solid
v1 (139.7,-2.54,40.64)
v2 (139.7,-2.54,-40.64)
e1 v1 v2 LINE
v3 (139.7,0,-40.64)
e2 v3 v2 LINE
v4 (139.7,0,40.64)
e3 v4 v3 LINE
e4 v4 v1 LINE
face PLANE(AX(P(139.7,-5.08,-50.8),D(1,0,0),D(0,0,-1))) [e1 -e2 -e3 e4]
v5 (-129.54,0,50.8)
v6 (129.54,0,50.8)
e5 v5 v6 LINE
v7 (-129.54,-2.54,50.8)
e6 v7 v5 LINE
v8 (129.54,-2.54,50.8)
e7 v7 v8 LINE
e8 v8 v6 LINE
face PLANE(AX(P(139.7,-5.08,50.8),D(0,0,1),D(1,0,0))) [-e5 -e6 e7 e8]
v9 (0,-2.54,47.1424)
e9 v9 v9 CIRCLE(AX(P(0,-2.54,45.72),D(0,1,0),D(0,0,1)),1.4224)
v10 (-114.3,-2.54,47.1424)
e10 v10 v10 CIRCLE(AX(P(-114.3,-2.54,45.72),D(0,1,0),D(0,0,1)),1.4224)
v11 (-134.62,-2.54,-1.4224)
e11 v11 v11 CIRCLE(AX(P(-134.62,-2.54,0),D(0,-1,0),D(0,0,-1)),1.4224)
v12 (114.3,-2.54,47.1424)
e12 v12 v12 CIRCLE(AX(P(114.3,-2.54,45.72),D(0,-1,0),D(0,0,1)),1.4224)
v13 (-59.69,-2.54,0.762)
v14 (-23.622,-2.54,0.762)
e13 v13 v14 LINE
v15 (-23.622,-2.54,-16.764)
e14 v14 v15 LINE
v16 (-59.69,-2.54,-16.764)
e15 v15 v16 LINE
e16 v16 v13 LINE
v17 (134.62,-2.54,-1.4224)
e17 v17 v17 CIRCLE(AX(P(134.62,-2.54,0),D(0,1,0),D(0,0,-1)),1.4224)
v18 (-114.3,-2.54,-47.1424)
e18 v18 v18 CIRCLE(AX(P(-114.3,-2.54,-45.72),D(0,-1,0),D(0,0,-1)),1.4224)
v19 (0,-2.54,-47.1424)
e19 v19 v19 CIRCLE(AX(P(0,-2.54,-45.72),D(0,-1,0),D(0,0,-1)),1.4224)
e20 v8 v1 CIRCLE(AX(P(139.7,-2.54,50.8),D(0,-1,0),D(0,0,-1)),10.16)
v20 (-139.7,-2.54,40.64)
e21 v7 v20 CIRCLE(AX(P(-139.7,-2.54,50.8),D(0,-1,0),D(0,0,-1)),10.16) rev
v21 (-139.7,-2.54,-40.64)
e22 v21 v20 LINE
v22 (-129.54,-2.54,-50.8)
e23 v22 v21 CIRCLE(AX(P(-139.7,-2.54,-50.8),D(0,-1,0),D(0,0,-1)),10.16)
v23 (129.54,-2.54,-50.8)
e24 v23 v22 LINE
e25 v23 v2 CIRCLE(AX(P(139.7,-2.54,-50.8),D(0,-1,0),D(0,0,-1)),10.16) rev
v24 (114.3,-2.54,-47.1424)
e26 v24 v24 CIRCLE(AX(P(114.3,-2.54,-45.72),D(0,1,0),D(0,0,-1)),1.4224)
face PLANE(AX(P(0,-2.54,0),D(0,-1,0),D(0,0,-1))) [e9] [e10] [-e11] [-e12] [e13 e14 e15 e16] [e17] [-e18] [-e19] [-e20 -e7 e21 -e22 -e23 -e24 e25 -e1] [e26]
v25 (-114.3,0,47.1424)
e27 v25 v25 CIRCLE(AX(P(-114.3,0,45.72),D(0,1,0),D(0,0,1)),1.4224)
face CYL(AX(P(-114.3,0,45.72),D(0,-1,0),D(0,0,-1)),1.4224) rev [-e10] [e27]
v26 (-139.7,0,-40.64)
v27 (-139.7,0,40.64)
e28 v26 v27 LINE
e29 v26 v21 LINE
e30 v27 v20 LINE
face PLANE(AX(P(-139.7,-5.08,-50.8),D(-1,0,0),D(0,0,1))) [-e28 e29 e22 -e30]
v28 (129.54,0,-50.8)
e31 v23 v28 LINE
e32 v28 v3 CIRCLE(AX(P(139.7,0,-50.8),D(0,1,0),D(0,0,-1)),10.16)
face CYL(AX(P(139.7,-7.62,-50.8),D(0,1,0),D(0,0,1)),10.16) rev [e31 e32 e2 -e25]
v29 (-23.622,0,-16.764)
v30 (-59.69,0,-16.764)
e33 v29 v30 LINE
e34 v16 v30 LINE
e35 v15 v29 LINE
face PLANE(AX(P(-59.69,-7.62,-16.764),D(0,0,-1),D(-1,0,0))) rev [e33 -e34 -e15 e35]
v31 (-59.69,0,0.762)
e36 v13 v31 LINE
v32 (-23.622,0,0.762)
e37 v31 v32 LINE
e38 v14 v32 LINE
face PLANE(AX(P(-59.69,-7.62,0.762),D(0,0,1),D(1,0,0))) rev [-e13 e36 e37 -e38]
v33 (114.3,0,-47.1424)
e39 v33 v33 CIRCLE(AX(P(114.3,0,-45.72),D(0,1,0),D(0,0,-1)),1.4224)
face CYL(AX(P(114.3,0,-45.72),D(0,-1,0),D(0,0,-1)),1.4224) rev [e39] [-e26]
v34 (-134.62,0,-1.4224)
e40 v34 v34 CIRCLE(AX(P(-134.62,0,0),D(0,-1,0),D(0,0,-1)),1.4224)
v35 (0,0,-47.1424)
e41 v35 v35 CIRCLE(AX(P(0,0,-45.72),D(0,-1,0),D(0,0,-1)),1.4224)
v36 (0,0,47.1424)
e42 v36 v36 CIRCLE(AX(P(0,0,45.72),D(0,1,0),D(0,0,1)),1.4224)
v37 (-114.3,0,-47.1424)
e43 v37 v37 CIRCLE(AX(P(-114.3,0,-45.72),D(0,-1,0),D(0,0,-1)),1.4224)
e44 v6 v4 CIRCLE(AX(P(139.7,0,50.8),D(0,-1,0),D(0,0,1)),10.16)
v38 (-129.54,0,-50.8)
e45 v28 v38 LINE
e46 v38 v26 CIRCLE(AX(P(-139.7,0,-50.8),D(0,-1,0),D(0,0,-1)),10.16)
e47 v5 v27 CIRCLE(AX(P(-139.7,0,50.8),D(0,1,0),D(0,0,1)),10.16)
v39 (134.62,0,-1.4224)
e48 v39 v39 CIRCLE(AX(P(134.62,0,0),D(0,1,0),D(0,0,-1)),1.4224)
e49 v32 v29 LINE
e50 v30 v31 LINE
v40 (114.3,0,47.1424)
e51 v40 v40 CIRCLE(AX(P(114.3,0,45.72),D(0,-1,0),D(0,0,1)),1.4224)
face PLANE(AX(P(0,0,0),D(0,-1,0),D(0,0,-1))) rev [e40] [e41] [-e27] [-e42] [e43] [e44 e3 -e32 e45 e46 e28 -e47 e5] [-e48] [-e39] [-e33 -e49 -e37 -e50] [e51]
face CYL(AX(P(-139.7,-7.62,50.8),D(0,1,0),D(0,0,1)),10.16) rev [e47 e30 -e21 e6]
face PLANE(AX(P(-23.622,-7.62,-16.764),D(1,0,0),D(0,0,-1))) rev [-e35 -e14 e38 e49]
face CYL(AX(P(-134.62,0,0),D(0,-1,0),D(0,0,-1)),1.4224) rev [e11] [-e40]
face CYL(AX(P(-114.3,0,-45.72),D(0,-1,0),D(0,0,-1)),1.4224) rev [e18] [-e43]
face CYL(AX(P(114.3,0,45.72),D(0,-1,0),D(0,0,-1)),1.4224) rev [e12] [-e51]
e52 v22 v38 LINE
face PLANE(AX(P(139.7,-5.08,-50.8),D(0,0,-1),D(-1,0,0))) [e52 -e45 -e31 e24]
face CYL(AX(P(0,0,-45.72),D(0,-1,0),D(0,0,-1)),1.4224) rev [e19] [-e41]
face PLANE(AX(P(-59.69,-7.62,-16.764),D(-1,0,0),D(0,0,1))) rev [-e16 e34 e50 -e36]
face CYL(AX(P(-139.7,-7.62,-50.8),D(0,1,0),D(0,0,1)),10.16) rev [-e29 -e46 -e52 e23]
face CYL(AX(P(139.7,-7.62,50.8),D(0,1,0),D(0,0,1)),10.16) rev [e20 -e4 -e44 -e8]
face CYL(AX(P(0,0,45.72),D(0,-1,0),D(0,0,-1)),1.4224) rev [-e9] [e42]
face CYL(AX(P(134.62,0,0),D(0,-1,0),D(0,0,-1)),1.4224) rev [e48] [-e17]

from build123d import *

# Parameters (mm, degrees)
SKETCH3_W                                  = 279.4
SKETCH3_H                                  = 101.6
RECTANGLE_CUT_DEPTH                        = 5.08
SKETCH4_R                                  = 10.16
CUT_EXTRUDE2_DEPTH                         = 7.62
MIRROR3_COPY_1_SKETCH_R                    = 10.16
MIRROR3_COPY_1_DEPTH                       = 7.62
SKETCH6_W                                  = 36.068
SKETCH6_H                                  = 17.526
CUT_EXTRUDE3_DEPTH                         = 7.62
SKETCH9_W                                  = 329.627948334
SKETCH9_H                                  = 121.564544856
CUT_EXTRUDE5_DEPTH                         = 2.54
SKETCH11_R                                 = 1.4224
CUT_EXTRUDE6_DEPTH                         = 2.54
MIRROR4_AT_THE_SECOND_PLANE_COPY_1_SKETC_R = 1.4224
MIRROR4_AT_THE_SECOND_PLANE_COPY_1_DEPTH   = 2.54
SKETCH12_R                                 = 1.4224
CUT_EXTRUDE7_DEPTH                         = 2.54
SKETCH13_R                                 = 1.4224
CUT_EXTRUDE8_DEPTH                         = 2.54


with BuildPart() as part:
    # Sketch3 → Rectangle cut (new body)
    with BuildSketch(Plane(origin=(0, 0, 0), x_dir=(1, 0, 0), z_dir=(0, 1, 0))):
        Rectangle(SKETCH3_W, SKETCH3_H)
    extrude(amount=-RECTANGLE_CUT_DEPTH)

    # Sketch4 → Cut-Extrude2 (cut)
    with BuildSketch(Plane(origin=(0, 0, 0), x_dir=(1, 0, 0), z_dir=(0, 1, 0))):
        with Locations((-139.7, -50.8)):
            Circle(SKETCH4_R)
    cut_extrude2 = extrude(amount=-CUT_EXTRUDE2_DEPTH, mode=Mode.SUBTRACT)

    # mountingCorners: Cut-Extrude2 across plane
    add(cut_extrude2.mirror(Plane(origin=(0, 0, 0), x_dir=(0, 0, 1), z_dir=(1, 0, 0))), mode=Mode.SUBTRACT)

    # Mirror3: Cut-Extrude2 across plane
    add(cut_extrude2.mirror(Plane.XY), mode=Mode.SUBTRACT)

    # Mirror3 copy 1 sketch → Mirror3 copy 1 (cut)
    with BuildSketch(Plane(origin=(0, 0, 0), x_dir=(-1, 0, 0), z_dir=(0, 1, 0))):
        with Locations((-139.7, -50.8)):
            Circle(MIRROR3_COPY_1_SKETCH_R)
    extrude(amount=-MIRROR3_COPY_1_DEPTH, mode=Mode.SUBTRACT)

    # Sketch6 → Cut-Extrude3 (cut)
    with BuildSketch(Plane(origin=(0, 0, 0), x_dir=(1, 0, 0), z_dir=(0, 1, 0))):
        with Locations((-41.656, 8.001)):
            Rectangle(SKETCH6_W, SKETCH6_H)
    extrude(amount=-CUT_EXTRUDE3_DEPTH, mode=Mode.SUBTRACT)

    # Sketch9 → Cut-Extrude5 (cut)
    with BuildSketch(Plane.XZ.offset(5.08)):
        Rectangle(SKETCH9_W, SKETCH9_H)
    extrude(amount=-CUT_EXTRUDE5_DEPTH, mode=Mode.SUBTRACT)

    # Sketch11 → Cut-Extrude6 (cut)
    with BuildSketch(Plane.XZ.offset(2.54)):
        with Locations((-114.3, -45.72)):
            Circle(SKETCH11_R)
    cut_extrude6 = extrude(amount=-CUT_EXTRUDE6_DEPTH, mode=Mode.SUBTRACT)

    # Mirror4: Cut-Extrude6 across plane
    add(cut_extrude6.mirror(Plane.XY), mode=Mode.SUBTRACT)

    # Mirror4 at the second plane: Cut-Extrude6 across plane
    add(cut_extrude6.mirror(Plane(origin=(0, 0, 0), x_dir=(0, 0, 1), z_dir=(1, 0, 0))), mode=Mode.SUBTRACT)

    # Mirror4 at the second plane copy 1 sketc → Mirror4 at the second plane copy 1 (cut)
    with BuildSketch(Plane(origin=(0, -2.54, 0), x_dir=(-1, 0, 0), z_dir=(0, -1, 0))):
        with Locations((-114.3, -45.72)):
            Circle(MIRROR4_AT_THE_SECOND_PLANE_COPY_1_SKETC_R)
    extrude(amount=-MIRROR4_AT_THE_SECOND_PLANE_COPY_1_DEPTH, mode=Mode.SUBTRACT)

    # Sketch12 → Cut-Extrude7 (cut)
    with BuildSketch(Plane.XZ.offset(2.54)):
        with Locations((-134.62, 0)):
            Circle(SKETCH12_R)
    cut_extrude7 = extrude(amount=-CUT_EXTRUDE7_DEPTH, mode=Mode.SUBTRACT)

    # Mirror5: Cut-Extrude7 across plane
    add(cut_extrude7.mirror(Plane(origin=(0, 0, 0), x_dir=(0, 0, 1), z_dir=(1, 0, 0))), mode=Mode.SUBTRACT)

    # Sketch13 → Cut-Extrude8 (cut)
    with BuildSketch(Plane.XZ.offset(2.54)):
        with Locations((0, -45.72)):
            Circle(SKETCH13_R)
    cut_extrude8 = extrude(amount=-CUT_EXTRUDE8_DEPTH, mode=Mode.SUBTRACT)

    # Mirror6: Cut-Extrude8 across plane
    add(cut_extrude8.mirror(Plane.XY), mode=Mode.SUBTRACT)


solid = part.part
